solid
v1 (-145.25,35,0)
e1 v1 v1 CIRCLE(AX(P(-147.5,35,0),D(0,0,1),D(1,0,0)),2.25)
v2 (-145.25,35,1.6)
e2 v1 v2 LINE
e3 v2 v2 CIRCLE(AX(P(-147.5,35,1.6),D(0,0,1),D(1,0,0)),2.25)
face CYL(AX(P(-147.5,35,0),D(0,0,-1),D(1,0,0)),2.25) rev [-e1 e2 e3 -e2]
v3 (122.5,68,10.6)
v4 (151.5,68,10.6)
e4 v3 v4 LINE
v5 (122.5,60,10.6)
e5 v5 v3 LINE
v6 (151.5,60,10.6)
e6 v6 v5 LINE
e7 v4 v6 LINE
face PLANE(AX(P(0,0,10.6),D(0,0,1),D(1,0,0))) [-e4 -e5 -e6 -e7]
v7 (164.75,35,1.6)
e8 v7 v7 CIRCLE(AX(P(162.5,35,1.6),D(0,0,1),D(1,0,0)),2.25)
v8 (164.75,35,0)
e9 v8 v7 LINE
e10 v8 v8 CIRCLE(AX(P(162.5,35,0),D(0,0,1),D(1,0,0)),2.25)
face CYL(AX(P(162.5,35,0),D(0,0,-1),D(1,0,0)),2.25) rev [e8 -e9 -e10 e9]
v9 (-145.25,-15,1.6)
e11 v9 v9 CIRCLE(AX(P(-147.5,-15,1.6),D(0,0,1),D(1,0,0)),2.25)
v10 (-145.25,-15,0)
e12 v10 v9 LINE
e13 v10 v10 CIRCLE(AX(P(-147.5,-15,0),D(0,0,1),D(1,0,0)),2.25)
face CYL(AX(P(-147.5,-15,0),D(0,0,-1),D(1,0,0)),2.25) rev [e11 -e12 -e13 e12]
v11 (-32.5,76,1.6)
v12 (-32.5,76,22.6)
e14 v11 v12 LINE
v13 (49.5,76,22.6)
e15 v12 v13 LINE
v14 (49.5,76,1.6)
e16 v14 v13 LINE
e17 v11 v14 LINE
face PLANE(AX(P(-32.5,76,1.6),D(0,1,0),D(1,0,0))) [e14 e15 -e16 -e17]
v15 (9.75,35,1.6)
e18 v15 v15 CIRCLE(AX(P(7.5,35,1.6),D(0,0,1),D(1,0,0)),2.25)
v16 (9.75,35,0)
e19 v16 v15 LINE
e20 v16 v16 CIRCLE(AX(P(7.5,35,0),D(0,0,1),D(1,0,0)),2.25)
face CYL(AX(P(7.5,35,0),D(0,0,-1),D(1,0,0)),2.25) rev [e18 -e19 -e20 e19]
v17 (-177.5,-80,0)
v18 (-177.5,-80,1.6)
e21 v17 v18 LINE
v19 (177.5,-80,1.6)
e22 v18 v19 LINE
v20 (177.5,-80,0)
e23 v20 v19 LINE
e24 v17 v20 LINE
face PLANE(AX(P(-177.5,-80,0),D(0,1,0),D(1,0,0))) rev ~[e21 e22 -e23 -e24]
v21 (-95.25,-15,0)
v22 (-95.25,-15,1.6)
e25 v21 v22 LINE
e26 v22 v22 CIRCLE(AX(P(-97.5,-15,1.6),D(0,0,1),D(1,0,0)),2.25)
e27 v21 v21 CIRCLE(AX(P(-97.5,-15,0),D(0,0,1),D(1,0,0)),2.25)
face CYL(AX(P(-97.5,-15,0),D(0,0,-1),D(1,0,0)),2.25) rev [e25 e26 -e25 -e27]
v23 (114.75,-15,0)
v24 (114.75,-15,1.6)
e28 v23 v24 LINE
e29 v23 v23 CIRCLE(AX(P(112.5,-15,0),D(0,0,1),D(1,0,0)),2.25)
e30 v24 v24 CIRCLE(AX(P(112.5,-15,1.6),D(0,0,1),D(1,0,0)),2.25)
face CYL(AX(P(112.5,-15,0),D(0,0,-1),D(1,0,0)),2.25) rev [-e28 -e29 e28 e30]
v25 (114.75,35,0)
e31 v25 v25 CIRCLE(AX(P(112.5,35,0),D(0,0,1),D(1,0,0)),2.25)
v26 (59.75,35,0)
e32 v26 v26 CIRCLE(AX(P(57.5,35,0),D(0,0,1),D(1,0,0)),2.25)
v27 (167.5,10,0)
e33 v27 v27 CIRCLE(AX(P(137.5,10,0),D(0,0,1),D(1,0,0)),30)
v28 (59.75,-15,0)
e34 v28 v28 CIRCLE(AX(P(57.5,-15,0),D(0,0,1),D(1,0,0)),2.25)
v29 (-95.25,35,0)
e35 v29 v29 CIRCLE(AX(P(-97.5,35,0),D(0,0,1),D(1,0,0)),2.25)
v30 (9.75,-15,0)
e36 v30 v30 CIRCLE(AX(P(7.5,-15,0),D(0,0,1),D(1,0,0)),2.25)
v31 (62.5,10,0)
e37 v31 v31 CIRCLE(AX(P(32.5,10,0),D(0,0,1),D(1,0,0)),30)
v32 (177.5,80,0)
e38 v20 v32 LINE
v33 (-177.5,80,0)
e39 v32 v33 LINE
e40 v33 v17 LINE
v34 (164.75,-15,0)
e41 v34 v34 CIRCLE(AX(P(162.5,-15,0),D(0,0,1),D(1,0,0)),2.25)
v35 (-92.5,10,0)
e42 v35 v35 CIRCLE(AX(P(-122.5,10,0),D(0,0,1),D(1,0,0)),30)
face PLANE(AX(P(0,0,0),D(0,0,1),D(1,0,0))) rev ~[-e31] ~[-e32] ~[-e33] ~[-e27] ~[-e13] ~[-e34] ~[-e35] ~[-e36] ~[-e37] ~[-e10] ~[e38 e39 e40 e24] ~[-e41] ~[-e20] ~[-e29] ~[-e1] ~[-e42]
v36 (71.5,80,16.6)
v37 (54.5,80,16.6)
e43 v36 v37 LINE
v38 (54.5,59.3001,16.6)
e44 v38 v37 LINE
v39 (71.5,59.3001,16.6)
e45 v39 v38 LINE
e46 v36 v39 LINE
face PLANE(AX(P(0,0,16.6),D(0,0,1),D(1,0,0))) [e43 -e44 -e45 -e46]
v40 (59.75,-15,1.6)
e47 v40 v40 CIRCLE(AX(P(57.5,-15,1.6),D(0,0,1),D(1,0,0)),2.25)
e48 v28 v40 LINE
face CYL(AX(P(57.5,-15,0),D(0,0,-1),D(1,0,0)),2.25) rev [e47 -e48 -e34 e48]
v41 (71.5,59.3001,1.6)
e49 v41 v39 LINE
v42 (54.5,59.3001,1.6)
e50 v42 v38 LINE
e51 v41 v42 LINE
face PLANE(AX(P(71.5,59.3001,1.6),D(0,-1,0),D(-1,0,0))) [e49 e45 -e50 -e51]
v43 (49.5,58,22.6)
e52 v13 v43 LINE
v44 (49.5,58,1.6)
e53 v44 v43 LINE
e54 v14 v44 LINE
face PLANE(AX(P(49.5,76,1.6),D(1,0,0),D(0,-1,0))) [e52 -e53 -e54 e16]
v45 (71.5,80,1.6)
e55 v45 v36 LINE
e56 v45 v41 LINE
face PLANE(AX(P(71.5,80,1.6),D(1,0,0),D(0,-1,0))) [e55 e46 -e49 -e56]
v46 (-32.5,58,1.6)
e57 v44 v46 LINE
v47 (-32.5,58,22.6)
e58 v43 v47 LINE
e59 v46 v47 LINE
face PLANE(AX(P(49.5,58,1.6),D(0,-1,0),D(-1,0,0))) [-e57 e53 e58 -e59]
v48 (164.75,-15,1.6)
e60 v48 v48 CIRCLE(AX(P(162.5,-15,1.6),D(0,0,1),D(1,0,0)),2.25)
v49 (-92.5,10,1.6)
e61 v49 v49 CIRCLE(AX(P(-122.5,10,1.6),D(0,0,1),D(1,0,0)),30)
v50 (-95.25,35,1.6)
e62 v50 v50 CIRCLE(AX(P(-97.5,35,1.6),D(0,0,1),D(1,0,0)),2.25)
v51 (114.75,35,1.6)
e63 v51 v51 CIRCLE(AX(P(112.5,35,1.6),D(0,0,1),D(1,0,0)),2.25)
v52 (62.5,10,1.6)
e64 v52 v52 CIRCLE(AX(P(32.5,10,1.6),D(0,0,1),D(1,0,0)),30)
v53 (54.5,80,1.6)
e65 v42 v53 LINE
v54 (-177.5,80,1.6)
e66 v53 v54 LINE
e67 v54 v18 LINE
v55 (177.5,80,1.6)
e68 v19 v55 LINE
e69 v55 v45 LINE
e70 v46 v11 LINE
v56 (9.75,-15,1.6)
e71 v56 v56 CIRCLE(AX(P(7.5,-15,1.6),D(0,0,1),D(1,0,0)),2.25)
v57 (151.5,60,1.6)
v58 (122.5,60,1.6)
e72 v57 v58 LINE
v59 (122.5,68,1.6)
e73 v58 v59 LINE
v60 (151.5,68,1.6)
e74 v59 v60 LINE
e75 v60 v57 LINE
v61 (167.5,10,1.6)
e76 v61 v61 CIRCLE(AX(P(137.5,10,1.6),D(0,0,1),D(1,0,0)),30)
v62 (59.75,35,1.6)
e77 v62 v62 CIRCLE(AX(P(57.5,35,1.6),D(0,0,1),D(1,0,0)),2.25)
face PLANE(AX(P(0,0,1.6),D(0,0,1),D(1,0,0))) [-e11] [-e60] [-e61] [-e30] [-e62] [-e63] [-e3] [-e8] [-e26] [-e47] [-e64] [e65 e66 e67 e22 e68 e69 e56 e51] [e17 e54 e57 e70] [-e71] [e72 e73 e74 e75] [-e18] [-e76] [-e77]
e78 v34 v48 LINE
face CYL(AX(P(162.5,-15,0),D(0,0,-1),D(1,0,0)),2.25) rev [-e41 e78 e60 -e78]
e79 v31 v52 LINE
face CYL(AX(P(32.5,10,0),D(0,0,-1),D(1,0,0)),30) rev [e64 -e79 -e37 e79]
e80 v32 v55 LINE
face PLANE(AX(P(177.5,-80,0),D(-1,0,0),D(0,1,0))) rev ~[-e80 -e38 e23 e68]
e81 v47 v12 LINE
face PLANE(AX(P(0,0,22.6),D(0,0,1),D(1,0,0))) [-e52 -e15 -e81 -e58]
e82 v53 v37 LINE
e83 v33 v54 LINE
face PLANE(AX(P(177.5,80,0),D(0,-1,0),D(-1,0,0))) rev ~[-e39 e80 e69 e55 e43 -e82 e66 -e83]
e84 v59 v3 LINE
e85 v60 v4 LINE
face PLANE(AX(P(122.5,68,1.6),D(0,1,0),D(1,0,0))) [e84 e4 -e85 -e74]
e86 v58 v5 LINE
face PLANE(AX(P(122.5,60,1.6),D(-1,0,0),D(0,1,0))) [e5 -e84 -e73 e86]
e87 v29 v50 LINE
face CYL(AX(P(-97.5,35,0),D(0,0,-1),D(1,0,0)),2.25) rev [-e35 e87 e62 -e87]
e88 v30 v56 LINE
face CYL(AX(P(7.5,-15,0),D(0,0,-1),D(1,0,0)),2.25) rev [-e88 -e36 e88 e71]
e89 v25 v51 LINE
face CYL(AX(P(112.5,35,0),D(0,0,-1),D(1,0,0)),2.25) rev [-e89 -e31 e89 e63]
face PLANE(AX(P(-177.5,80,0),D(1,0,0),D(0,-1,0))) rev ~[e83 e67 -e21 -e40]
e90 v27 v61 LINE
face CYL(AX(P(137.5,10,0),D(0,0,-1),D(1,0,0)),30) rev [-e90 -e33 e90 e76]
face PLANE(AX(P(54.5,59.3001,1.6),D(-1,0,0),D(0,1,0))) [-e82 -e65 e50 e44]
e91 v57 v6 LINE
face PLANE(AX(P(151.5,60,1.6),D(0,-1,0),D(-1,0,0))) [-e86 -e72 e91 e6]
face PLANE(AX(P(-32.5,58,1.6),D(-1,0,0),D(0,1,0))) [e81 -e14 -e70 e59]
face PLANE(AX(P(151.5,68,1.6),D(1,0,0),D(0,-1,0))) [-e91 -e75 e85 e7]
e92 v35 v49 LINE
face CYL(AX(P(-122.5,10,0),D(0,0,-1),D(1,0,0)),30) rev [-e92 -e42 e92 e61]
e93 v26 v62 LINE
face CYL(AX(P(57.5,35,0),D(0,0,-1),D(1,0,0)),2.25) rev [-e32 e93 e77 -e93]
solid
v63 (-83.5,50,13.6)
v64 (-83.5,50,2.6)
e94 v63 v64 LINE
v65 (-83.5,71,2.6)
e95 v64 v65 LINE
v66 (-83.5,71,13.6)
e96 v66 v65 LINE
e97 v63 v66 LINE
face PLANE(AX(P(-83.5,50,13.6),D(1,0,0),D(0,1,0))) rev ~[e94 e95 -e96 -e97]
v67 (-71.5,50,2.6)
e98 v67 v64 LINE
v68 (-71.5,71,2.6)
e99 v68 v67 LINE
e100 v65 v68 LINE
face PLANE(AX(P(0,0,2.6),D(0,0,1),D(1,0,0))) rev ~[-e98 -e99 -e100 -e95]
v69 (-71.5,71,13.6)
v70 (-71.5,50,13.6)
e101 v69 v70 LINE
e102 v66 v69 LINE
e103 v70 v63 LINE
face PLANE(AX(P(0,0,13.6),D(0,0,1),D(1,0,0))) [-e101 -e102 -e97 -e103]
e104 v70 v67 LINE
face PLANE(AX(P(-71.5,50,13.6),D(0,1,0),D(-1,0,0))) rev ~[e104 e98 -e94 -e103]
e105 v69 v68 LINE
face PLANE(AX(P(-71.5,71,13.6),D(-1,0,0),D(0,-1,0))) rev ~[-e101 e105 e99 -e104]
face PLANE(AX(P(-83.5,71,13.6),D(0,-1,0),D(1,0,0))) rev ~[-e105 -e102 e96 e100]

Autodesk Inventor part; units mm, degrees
ref_plane "YZ Plane" through (0, 0, 0) normal (1, 0, 0) x (0, 1, 0)
sketch "Sketch1" plane through (0, 0, 0) normal (0, 0, 1) x (1, 0, 0)
  line L0 (-177.5, -80) -> (177.5, -80)
  line L1 (177.5, -80) -> (177.5, 80)
  line L2 (177.5, 80) -> (-177.5, 80)
  line L3 (-177.5, 80) -> (-177.5, -80)
  line L4 (-177.5, -80) -> (177.5, 80) construction
  line L5 (177.5, -80) -> (-177.5, 80) construction
  circle A0 centre (-122.5, 10) radius 30
  circle A1 centre (32.5, 10) radius 30
  circle A2 centre (137.5, 10) radius 30
  line L6 (-152.5, 80) -> (-152.5, -80) construction
  line L7 (2.5, 80) -> (2.5, -80) construction
  line L8 (107.5, -80) -> (107.5, 80) construction
  line L9 (-177.5, -20) -> (177.5, -20) construction
  line L10 (-147.5, -15) -> (-97.5, -15) construction
  line L11 (-97.5, -15) -> (-97.5, 35) construction
  line L12 (-97.5, 35) -> (-147.5, 35) construction
  line L13 (-147.5, 35) -> (-147.5, -15) construction
  line L14 (-147.5, -15) -> (-97.5, 35) construction
  line L15 (-97.5, -15) -> (-147.5, 35) construction
  line L16 (7.5, -15) -> (57.5, -15) construction
  line L17 (57.5, -15) -> (57.5, 35) construction
  line L18 (57.5, 35) -> (7.5, 35) construction
  line L19 (7.5, 35) -> (7.5, -15) construction
  line L20 (7.5, -15) -> (57.5, 35) construction
  line L21 (57.5, -15) -> (7.5, 35) construction
  line L22 (112.5, -15) -> (162.5, -15) construction
  line L23 (162.5, -15) -> (162.5, 35) construction
  line L24 (162.5, 35) -> (112.5, 35) construction
  line L25 (112.5, 35) -> (112.5, -15) construction
  line L26 (112.5, -15) -> (162.5, 35) construction
  line L27 (162.5, -15) -> (112.5, 35) construction
  circle A3 centre (-147.5, 35) radius 2.25
  circle A4 centre (-97.5, 35) radius 2.25
  circle A5 centre (-97.5, -15) radius 2.25
  circle A6 centre (-147.5, -15) radius 2.25
  circle A7 centre (7.5, 35) radius 2.25
  circle A8 centre (57.5, 35) radius 2.25
  circle A9 centre (57.5, -15) radius 2.25
  circle A10 centre (7.5, -15) radius 2.25
  circle A11 centre (112.5, 35) radius 2.25
  circle A12 centre (162.5, 35) radius 2.25
  circle A13 centre (162.5, -15) radius 2.25
  circle A14 centre (112.5, -15) radius 2.25
  point P0 (0, 0)
  dimension "d0" = 160
  dimension "d1" = 355
  dimension "d4" = 25
  dimension "d6" = 180
  dimension "d8" = 285
  dimension "d9" = 100
  dimension "d10" = 60
  dimension "d11" = 50
  dimension "d12" = 4.5
extrude "PCB" add sketch "Sketch1" along normal blind 1.6
ref_plane "Work Plane1" through (0, 0, 2.6) normal (0, 0, 1) x (1, 0, 0)
ref_plane "Work Plane2" through (0, 0, 13.6) normal (0, 0, 1) x (1, 0, 0)
sketch "Sketch2" plane through (0, 0, 1.6) normal (0, 0, 1) x (1, 0, 0)
  line L0 (-177.5, 80) -> (-177.5, -80) construction
  line L1 (177.5, 80) -> (-177.5, 80) construction
  line L2 (-83.5, 71) -> (-71.5, 71)
  line L3 (-71.5, 71) -> (-71.5, 50)
  line L4 (-71.5, 50) -> (-83.5, 50)
  line L5 (-83.5, 50) -> (-83.5, 71)
  point P0 (0, 0)
  dimension "d15" = 94
  dimension "d16" = 106
  dimension "d17" = 9
  dimension "d18" = 30
extrude "USB" add sketch "Sketch2" against normal up to surface (11 mm away) from surface at 12
sketch "Sketch3" plane through (0, 0, 1.6) normal (0, 0, 1) x (1, 0, 0)
  line L0 (-32.5, 76) -> (49.5, 76)
  line L1 (49.5, 76) -> (49.5, 58)
  line L2 (49.5, 58) -> (-32.5, 58)
  line L3 (-32.5, 58) -> (-32.5, 76)
  line L4 (-177.5, 80) -> (-177.5, -80) construction
  line L5 (177.5, 80) -> (-177.5, 80) construction
  point P0 (0, 0)
  dimension "d21" = 145
  dimension "d22" = 227
  dimension "d23" = 4
  dimension "d24" = 22
extrude "Extrusion3" add sketch "Sketch3" along normal blind 21
sketch "Sketch4" plane through (0, 0, 1.6) normal (0, 0, 1) x (1, 0, 0)
  line L0 (122.5, 68) -> (151.5, 68)
  line L1 (151.5, 68) -> (151.5, 60)
  line L2 (151.5, 60) -> (122.5, 60)
  line L3 (122.5, 60) -> (122.5, 68)
  line L4 (177.5, -80) -> (177.5, 80) construction
  line L5 (177.5, 80) -> (-177.5, 80) construction
  point P0 (0, 0)
  dimension "d27" = 26
  dimension "d28" = 55
  dimension "d29" = 12
  dimension "d30" = 20
extrude "Extrusion4" add sketch "Sketch4" along normal blind 9
sketch "Sketch5" plane through (0, 0, 1.6) normal (0, 0, 1) x (1, 0, 0)
  line L0 (177.5, 80) -> (-177.5, 80) projected
  line L1 (71.5, 80) -> (71.5, 59.3001)
  line L2 (71.5, 59.3001) -> (54.5, 59.3001)
  line L3 (54.5, 59.3001) -> (54.5, 80)
  point P0 (0, 0)
  dimension "d33" = 249
  dimension "d34" = 232
extrude "Extrusion5" add sketch "Sketch5" along normal blind 15
properties part number "PCB" material "Gold"
